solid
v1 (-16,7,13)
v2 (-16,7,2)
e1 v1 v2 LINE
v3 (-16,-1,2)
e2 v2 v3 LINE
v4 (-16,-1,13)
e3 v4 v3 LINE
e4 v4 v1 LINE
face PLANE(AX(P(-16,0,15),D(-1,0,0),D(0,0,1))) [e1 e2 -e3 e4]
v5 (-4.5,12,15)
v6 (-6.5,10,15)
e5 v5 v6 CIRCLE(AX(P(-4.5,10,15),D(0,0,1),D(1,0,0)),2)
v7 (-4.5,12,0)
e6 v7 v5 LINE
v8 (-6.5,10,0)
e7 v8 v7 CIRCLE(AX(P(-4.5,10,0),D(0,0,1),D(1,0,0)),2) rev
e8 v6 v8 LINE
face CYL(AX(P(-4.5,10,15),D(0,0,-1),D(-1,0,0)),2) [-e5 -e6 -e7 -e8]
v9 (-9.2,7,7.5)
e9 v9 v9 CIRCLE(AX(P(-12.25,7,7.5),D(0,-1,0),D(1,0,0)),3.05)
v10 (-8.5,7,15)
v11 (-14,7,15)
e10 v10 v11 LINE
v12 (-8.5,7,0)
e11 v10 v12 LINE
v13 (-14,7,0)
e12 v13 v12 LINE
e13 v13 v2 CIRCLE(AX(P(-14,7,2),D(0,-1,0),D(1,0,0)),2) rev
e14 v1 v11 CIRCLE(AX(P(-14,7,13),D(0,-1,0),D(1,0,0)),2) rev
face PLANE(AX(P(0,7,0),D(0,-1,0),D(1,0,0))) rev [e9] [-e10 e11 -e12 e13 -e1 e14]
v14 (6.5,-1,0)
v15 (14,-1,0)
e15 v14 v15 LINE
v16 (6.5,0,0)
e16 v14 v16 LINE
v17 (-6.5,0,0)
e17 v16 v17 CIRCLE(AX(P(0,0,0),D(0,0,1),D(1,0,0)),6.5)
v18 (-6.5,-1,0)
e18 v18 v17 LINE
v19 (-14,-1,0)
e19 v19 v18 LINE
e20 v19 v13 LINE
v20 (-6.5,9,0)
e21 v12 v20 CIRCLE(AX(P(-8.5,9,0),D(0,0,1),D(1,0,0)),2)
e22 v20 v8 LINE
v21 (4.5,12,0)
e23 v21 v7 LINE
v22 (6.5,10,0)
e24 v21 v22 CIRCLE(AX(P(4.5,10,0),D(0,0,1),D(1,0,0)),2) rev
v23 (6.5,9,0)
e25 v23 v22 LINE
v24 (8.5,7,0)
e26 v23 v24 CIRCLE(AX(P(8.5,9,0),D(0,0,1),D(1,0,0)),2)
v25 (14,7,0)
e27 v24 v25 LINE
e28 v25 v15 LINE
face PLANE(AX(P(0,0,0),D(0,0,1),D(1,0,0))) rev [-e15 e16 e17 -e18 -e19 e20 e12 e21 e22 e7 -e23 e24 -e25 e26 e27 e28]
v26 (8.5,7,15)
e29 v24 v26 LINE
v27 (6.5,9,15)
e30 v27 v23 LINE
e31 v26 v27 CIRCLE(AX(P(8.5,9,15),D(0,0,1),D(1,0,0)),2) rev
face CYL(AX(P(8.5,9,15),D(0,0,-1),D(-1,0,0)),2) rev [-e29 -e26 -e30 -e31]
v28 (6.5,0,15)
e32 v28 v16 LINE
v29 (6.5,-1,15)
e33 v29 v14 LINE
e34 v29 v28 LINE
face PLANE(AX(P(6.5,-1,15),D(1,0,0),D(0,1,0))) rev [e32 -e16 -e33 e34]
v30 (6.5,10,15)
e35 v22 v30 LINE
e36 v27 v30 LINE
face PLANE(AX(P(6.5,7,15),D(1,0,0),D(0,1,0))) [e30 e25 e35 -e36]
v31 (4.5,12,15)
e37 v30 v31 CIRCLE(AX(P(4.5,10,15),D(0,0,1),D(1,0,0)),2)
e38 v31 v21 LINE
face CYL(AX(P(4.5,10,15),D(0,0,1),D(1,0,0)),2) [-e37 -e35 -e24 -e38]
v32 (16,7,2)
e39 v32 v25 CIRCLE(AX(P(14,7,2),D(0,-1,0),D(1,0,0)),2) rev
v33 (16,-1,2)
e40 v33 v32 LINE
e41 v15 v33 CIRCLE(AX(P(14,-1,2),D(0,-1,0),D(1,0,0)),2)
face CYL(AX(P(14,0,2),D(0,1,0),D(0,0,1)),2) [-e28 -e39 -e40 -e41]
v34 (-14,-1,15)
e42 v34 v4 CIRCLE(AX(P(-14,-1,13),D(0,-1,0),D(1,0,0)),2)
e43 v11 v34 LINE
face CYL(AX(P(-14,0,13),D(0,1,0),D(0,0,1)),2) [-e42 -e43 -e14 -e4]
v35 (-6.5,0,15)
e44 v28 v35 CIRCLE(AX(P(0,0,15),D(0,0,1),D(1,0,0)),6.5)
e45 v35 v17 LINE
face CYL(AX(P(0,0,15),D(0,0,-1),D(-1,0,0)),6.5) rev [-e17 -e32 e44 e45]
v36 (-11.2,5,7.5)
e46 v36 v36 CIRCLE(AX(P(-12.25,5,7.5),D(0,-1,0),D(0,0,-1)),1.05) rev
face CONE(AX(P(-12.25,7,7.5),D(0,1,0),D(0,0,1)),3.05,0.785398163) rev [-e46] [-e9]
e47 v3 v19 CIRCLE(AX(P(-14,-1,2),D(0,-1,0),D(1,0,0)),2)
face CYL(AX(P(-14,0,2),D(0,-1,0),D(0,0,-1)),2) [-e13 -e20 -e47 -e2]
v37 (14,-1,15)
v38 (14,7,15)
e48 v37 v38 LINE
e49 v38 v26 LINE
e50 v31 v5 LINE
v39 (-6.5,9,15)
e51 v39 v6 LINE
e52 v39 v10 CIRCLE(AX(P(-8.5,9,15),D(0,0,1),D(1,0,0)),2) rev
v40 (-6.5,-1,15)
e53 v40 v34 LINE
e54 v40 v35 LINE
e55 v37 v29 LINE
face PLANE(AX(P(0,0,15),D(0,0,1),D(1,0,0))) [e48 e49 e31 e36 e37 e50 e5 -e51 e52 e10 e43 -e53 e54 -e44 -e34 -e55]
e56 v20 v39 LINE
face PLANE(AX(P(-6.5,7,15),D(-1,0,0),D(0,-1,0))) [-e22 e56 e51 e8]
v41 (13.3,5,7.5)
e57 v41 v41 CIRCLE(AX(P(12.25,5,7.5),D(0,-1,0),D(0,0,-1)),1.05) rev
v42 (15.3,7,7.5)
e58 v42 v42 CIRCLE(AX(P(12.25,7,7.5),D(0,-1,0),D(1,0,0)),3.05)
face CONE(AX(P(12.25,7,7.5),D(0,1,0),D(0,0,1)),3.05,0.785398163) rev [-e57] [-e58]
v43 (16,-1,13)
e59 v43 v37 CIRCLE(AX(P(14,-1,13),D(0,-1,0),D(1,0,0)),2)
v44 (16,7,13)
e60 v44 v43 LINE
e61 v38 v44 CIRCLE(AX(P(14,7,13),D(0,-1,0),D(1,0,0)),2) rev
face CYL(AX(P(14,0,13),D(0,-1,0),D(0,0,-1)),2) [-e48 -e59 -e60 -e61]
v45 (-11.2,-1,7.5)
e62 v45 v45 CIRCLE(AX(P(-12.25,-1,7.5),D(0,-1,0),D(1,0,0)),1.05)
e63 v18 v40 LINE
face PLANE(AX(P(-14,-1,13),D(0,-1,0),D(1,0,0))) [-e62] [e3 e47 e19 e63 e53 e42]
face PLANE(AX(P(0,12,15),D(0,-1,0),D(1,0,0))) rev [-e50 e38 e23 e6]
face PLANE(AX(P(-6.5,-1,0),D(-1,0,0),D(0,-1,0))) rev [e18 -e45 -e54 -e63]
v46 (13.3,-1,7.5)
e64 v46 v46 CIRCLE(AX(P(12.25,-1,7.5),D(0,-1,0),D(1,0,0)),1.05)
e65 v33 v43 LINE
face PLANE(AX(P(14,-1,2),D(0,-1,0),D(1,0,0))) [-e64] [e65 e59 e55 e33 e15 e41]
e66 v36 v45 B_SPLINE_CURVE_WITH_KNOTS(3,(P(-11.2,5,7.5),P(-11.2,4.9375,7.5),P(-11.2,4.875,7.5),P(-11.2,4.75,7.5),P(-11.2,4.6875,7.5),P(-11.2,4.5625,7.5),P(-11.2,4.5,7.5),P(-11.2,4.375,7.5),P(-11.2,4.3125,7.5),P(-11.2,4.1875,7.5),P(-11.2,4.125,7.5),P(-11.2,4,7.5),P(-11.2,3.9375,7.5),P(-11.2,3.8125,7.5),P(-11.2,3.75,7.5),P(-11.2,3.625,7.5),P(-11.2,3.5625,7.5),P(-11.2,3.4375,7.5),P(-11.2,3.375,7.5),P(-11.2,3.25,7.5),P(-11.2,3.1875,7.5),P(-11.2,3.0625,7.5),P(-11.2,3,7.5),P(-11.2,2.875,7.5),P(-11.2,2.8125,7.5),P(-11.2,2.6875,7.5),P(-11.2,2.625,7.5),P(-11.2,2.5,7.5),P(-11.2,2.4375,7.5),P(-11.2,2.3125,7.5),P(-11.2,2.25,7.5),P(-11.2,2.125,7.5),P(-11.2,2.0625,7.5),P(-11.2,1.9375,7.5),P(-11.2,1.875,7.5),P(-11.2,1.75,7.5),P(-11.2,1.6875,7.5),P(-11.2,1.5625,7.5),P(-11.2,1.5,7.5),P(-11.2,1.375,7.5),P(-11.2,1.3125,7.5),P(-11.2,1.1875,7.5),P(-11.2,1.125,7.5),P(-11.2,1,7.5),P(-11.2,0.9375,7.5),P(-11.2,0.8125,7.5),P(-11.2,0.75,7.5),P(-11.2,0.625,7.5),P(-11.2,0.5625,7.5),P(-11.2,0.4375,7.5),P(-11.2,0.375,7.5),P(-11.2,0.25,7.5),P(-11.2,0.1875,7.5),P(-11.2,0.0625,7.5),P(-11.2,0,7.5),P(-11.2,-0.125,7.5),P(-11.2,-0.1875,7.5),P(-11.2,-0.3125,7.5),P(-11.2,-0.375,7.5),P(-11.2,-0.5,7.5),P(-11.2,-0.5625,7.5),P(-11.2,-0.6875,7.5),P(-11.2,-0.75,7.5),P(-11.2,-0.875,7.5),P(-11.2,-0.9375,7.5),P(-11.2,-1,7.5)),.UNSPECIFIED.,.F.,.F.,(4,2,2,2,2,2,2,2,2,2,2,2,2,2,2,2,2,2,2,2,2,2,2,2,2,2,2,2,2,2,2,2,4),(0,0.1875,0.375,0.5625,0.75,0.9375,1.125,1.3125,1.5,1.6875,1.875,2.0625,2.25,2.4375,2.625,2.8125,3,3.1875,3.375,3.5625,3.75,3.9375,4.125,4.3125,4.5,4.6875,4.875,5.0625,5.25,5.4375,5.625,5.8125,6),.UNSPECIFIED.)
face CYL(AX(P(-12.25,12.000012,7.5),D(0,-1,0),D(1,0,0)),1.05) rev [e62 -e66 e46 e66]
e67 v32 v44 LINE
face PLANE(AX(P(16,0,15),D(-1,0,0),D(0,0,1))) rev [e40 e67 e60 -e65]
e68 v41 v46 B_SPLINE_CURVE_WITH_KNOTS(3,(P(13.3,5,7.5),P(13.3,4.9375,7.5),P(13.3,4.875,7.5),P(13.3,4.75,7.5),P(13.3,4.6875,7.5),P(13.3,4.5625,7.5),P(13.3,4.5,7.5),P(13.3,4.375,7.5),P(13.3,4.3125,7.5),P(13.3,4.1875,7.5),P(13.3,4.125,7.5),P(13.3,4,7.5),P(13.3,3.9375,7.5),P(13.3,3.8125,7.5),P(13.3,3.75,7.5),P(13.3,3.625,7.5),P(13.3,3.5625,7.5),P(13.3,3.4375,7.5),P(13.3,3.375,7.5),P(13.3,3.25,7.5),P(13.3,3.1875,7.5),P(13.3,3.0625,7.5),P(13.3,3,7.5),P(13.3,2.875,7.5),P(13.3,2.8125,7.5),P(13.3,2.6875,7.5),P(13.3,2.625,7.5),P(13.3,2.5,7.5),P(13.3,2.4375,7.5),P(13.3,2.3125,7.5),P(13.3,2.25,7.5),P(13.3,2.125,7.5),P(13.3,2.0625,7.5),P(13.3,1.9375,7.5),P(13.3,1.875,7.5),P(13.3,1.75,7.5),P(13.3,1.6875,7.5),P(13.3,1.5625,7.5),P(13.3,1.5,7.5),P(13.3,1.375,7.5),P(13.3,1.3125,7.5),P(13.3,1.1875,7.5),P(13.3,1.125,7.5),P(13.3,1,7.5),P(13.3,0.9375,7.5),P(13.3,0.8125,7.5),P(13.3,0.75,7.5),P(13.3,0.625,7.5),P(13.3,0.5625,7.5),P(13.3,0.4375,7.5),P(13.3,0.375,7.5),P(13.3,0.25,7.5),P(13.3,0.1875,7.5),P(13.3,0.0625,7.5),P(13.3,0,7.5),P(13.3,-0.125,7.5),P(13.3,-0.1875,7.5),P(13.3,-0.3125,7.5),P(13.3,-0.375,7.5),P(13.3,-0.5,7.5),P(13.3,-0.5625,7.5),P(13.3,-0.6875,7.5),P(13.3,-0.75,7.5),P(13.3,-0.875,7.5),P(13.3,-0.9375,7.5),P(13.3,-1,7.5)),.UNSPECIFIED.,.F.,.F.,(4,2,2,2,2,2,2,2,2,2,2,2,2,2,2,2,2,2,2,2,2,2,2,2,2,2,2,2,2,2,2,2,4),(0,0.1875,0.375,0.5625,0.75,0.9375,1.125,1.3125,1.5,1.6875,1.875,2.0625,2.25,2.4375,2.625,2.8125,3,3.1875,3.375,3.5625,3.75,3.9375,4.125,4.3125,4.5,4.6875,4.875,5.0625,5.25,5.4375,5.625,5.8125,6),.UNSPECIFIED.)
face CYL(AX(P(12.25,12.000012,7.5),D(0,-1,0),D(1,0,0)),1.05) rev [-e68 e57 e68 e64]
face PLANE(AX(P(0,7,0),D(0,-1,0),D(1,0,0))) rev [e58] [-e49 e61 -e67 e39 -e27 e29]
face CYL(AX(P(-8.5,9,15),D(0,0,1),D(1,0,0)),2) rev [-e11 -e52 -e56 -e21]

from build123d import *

# Parameters (mm, degrees)
BOSS_EXTRUDE1_DEPTH     = 15
CUT_EXTRUDE1_DEPTH      = 19
CUT_EXTRUDE1_DEPTH_BACK = 26
CUT_EXTRUDE1_START      = -12
SKETCH2_R               = 1.05
FILLET1_R               = 2
SKETCH3_R               = 1.05
BOSS_EXTRUDE2_DEPTH     = 1
CUT_EXTRUDE2_START      = -12
SKETCH2_3_W             = 9.5
SKETCH2_3_H             = 15
SKETCH2_3_R             = 1.05
CUT_EXTRUDE2_DEPTH      = 5
FILLET2_R               = 2
CHAMFER1_SIZE           = 2


with BuildPart() as part:
    # Sketch1 → Boss-Extrude1 (new body)
    with BuildSketch(Plane.XY):
        with BuildLine():
            Line((-16, 12), (-16, 0))
            Line((-16, 0), (-6.5, 0))
            ThreePointArc((-6.5, 0), (0, 6.5), (6.5, 0))
            Line((6.5, 0), (16, 0))
            Line((16, 0), (16, 12))
            Line((16, 12), (-16, 12))
        make_face()
    extrude(amount=BOSS_EXTRUDE1_DEPTH)

    # Sketch2 → Cut-Extrude1 (cut, two sides: drawn at the far end of the back side and taken through both)
    with BuildSketch(Plane.XZ.offset(CUT_EXTRUDE1_START - CUT_EXTRUDE1_DEPTH_BACK)):
        with Locations((-12.25, 7.5)):
            Circle(SKETCH2_R)
        with Locations((12.25, 7.5)):
            Circle(SKETCH2_R)
    extrude(amount=CUT_EXTRUDE1_DEPTH + CUT_EXTRUDE1_DEPTH_BACK, mode=Mode.SUBTRACT)

    # Fillet1
    fillet1_edges = [part.edges().sort_by_distance(p)[0] for p in [
        (16, 6, 15),
        (-16, 6, 15),
        (-16, 6, 0),
        (16, 6, 0),
    ]]
    fillet(fillet1_edges, radius=FILLET1_R)

    # Sketch3 → Boss-Extrude2 (add)
    # profile 1 of 2: a face of its own
    with BuildSketch(Plane.XZ):
        with BuildLine():
            Line((-14, 0), (-6.5, 0))
            Line((-6.5, 0), (-6.5, 15))
            Line((-6.5, 15), (-14, 15))
            ThreePointArc((-14, 15), (-15.414213562, 14.414213562), (-16, 13))
            Line((-16, 13), (-16, 2))
            ThreePointArc((-16, 2), (-15.414213562, 0.585786438), (-14, 0))
        make_face()
        with Locations((-12.25, 7.5)):
            Circle(SKETCH3_R, mode=Mode.SUBTRACT)
    # profile 2 of 2: a face of its own
    with BuildSketch(Plane.XZ):
        with BuildLine():
            Line((6.5, 0), (14, 0))
            ThreePointArc((14, 0), (15.414213562, 0.585786438), (16, 2))
            Line((16, 2), (16, 13))
            ThreePointArc((16, 13), (15.414213562, 14.414213562), (14, 15))
            Line((14, 15), (6.5, 15))
            Line((6.5, 15), (6.5, 0))
        make_face()
        with Locations((12.25, 7.5)):
            Circle(SKETCH3_R, mode=Mode.SUBTRACT)
    extrude(amount=BOSS_EXTRUDE2_DEPTH)

    # Sketch2<3> → Cut-Extrude2 (cut)
    # profile 1 of 2: a face of its own
    with BuildSketch(Plane.XZ.offset(CUT_EXTRUDE2_START)):
        with Locations((-11.25, 7.5)):
            Rectangle(SKETCH2_3_W, SKETCH2_3_H)
        with Locations((-12.25, 7.5)):
            Circle(SKETCH2_3_R, mode=Mode.SUBTRACT)
    # profile 2 of 2: a face of its own
    with BuildSketch(Plane.XZ.offset(CUT_EXTRUDE2_START)):
        with Locations((11.25, 7.5)):
            Rectangle(SKETCH2_3_W, SKETCH2_3_H)
        with Locations((12.25, 7.5)):
            Circle(SKETCH2_3_R, mode=Mode.SUBTRACT)
    extrude(amount=CUT_EXTRUDE2_DEPTH, mode=Mode.SUBTRACT)

    # Fillet2
    fillet2_edges = [part.edges().sort_by_distance(p)[0] for p in [
        (-6.5, 7, 7.5),
        (-6.5, 12, 7.5),
        (6.5, 7, 7.5),
        (6.5, 12, 7.5),
    ]]
    fillet(fillet2_edges, radius=FILLET2_R)

    # Chamfer1
    chamfer1_edges = [part.edges().sort_by_distance(p)[0] for p in [
        (-13.3, 7, 7.5),
        (11.2, 7, 7.5),
    ]]
    chamfer(chamfer1_edges, length=CHAMFER1_SIZE)


solid = part.part
